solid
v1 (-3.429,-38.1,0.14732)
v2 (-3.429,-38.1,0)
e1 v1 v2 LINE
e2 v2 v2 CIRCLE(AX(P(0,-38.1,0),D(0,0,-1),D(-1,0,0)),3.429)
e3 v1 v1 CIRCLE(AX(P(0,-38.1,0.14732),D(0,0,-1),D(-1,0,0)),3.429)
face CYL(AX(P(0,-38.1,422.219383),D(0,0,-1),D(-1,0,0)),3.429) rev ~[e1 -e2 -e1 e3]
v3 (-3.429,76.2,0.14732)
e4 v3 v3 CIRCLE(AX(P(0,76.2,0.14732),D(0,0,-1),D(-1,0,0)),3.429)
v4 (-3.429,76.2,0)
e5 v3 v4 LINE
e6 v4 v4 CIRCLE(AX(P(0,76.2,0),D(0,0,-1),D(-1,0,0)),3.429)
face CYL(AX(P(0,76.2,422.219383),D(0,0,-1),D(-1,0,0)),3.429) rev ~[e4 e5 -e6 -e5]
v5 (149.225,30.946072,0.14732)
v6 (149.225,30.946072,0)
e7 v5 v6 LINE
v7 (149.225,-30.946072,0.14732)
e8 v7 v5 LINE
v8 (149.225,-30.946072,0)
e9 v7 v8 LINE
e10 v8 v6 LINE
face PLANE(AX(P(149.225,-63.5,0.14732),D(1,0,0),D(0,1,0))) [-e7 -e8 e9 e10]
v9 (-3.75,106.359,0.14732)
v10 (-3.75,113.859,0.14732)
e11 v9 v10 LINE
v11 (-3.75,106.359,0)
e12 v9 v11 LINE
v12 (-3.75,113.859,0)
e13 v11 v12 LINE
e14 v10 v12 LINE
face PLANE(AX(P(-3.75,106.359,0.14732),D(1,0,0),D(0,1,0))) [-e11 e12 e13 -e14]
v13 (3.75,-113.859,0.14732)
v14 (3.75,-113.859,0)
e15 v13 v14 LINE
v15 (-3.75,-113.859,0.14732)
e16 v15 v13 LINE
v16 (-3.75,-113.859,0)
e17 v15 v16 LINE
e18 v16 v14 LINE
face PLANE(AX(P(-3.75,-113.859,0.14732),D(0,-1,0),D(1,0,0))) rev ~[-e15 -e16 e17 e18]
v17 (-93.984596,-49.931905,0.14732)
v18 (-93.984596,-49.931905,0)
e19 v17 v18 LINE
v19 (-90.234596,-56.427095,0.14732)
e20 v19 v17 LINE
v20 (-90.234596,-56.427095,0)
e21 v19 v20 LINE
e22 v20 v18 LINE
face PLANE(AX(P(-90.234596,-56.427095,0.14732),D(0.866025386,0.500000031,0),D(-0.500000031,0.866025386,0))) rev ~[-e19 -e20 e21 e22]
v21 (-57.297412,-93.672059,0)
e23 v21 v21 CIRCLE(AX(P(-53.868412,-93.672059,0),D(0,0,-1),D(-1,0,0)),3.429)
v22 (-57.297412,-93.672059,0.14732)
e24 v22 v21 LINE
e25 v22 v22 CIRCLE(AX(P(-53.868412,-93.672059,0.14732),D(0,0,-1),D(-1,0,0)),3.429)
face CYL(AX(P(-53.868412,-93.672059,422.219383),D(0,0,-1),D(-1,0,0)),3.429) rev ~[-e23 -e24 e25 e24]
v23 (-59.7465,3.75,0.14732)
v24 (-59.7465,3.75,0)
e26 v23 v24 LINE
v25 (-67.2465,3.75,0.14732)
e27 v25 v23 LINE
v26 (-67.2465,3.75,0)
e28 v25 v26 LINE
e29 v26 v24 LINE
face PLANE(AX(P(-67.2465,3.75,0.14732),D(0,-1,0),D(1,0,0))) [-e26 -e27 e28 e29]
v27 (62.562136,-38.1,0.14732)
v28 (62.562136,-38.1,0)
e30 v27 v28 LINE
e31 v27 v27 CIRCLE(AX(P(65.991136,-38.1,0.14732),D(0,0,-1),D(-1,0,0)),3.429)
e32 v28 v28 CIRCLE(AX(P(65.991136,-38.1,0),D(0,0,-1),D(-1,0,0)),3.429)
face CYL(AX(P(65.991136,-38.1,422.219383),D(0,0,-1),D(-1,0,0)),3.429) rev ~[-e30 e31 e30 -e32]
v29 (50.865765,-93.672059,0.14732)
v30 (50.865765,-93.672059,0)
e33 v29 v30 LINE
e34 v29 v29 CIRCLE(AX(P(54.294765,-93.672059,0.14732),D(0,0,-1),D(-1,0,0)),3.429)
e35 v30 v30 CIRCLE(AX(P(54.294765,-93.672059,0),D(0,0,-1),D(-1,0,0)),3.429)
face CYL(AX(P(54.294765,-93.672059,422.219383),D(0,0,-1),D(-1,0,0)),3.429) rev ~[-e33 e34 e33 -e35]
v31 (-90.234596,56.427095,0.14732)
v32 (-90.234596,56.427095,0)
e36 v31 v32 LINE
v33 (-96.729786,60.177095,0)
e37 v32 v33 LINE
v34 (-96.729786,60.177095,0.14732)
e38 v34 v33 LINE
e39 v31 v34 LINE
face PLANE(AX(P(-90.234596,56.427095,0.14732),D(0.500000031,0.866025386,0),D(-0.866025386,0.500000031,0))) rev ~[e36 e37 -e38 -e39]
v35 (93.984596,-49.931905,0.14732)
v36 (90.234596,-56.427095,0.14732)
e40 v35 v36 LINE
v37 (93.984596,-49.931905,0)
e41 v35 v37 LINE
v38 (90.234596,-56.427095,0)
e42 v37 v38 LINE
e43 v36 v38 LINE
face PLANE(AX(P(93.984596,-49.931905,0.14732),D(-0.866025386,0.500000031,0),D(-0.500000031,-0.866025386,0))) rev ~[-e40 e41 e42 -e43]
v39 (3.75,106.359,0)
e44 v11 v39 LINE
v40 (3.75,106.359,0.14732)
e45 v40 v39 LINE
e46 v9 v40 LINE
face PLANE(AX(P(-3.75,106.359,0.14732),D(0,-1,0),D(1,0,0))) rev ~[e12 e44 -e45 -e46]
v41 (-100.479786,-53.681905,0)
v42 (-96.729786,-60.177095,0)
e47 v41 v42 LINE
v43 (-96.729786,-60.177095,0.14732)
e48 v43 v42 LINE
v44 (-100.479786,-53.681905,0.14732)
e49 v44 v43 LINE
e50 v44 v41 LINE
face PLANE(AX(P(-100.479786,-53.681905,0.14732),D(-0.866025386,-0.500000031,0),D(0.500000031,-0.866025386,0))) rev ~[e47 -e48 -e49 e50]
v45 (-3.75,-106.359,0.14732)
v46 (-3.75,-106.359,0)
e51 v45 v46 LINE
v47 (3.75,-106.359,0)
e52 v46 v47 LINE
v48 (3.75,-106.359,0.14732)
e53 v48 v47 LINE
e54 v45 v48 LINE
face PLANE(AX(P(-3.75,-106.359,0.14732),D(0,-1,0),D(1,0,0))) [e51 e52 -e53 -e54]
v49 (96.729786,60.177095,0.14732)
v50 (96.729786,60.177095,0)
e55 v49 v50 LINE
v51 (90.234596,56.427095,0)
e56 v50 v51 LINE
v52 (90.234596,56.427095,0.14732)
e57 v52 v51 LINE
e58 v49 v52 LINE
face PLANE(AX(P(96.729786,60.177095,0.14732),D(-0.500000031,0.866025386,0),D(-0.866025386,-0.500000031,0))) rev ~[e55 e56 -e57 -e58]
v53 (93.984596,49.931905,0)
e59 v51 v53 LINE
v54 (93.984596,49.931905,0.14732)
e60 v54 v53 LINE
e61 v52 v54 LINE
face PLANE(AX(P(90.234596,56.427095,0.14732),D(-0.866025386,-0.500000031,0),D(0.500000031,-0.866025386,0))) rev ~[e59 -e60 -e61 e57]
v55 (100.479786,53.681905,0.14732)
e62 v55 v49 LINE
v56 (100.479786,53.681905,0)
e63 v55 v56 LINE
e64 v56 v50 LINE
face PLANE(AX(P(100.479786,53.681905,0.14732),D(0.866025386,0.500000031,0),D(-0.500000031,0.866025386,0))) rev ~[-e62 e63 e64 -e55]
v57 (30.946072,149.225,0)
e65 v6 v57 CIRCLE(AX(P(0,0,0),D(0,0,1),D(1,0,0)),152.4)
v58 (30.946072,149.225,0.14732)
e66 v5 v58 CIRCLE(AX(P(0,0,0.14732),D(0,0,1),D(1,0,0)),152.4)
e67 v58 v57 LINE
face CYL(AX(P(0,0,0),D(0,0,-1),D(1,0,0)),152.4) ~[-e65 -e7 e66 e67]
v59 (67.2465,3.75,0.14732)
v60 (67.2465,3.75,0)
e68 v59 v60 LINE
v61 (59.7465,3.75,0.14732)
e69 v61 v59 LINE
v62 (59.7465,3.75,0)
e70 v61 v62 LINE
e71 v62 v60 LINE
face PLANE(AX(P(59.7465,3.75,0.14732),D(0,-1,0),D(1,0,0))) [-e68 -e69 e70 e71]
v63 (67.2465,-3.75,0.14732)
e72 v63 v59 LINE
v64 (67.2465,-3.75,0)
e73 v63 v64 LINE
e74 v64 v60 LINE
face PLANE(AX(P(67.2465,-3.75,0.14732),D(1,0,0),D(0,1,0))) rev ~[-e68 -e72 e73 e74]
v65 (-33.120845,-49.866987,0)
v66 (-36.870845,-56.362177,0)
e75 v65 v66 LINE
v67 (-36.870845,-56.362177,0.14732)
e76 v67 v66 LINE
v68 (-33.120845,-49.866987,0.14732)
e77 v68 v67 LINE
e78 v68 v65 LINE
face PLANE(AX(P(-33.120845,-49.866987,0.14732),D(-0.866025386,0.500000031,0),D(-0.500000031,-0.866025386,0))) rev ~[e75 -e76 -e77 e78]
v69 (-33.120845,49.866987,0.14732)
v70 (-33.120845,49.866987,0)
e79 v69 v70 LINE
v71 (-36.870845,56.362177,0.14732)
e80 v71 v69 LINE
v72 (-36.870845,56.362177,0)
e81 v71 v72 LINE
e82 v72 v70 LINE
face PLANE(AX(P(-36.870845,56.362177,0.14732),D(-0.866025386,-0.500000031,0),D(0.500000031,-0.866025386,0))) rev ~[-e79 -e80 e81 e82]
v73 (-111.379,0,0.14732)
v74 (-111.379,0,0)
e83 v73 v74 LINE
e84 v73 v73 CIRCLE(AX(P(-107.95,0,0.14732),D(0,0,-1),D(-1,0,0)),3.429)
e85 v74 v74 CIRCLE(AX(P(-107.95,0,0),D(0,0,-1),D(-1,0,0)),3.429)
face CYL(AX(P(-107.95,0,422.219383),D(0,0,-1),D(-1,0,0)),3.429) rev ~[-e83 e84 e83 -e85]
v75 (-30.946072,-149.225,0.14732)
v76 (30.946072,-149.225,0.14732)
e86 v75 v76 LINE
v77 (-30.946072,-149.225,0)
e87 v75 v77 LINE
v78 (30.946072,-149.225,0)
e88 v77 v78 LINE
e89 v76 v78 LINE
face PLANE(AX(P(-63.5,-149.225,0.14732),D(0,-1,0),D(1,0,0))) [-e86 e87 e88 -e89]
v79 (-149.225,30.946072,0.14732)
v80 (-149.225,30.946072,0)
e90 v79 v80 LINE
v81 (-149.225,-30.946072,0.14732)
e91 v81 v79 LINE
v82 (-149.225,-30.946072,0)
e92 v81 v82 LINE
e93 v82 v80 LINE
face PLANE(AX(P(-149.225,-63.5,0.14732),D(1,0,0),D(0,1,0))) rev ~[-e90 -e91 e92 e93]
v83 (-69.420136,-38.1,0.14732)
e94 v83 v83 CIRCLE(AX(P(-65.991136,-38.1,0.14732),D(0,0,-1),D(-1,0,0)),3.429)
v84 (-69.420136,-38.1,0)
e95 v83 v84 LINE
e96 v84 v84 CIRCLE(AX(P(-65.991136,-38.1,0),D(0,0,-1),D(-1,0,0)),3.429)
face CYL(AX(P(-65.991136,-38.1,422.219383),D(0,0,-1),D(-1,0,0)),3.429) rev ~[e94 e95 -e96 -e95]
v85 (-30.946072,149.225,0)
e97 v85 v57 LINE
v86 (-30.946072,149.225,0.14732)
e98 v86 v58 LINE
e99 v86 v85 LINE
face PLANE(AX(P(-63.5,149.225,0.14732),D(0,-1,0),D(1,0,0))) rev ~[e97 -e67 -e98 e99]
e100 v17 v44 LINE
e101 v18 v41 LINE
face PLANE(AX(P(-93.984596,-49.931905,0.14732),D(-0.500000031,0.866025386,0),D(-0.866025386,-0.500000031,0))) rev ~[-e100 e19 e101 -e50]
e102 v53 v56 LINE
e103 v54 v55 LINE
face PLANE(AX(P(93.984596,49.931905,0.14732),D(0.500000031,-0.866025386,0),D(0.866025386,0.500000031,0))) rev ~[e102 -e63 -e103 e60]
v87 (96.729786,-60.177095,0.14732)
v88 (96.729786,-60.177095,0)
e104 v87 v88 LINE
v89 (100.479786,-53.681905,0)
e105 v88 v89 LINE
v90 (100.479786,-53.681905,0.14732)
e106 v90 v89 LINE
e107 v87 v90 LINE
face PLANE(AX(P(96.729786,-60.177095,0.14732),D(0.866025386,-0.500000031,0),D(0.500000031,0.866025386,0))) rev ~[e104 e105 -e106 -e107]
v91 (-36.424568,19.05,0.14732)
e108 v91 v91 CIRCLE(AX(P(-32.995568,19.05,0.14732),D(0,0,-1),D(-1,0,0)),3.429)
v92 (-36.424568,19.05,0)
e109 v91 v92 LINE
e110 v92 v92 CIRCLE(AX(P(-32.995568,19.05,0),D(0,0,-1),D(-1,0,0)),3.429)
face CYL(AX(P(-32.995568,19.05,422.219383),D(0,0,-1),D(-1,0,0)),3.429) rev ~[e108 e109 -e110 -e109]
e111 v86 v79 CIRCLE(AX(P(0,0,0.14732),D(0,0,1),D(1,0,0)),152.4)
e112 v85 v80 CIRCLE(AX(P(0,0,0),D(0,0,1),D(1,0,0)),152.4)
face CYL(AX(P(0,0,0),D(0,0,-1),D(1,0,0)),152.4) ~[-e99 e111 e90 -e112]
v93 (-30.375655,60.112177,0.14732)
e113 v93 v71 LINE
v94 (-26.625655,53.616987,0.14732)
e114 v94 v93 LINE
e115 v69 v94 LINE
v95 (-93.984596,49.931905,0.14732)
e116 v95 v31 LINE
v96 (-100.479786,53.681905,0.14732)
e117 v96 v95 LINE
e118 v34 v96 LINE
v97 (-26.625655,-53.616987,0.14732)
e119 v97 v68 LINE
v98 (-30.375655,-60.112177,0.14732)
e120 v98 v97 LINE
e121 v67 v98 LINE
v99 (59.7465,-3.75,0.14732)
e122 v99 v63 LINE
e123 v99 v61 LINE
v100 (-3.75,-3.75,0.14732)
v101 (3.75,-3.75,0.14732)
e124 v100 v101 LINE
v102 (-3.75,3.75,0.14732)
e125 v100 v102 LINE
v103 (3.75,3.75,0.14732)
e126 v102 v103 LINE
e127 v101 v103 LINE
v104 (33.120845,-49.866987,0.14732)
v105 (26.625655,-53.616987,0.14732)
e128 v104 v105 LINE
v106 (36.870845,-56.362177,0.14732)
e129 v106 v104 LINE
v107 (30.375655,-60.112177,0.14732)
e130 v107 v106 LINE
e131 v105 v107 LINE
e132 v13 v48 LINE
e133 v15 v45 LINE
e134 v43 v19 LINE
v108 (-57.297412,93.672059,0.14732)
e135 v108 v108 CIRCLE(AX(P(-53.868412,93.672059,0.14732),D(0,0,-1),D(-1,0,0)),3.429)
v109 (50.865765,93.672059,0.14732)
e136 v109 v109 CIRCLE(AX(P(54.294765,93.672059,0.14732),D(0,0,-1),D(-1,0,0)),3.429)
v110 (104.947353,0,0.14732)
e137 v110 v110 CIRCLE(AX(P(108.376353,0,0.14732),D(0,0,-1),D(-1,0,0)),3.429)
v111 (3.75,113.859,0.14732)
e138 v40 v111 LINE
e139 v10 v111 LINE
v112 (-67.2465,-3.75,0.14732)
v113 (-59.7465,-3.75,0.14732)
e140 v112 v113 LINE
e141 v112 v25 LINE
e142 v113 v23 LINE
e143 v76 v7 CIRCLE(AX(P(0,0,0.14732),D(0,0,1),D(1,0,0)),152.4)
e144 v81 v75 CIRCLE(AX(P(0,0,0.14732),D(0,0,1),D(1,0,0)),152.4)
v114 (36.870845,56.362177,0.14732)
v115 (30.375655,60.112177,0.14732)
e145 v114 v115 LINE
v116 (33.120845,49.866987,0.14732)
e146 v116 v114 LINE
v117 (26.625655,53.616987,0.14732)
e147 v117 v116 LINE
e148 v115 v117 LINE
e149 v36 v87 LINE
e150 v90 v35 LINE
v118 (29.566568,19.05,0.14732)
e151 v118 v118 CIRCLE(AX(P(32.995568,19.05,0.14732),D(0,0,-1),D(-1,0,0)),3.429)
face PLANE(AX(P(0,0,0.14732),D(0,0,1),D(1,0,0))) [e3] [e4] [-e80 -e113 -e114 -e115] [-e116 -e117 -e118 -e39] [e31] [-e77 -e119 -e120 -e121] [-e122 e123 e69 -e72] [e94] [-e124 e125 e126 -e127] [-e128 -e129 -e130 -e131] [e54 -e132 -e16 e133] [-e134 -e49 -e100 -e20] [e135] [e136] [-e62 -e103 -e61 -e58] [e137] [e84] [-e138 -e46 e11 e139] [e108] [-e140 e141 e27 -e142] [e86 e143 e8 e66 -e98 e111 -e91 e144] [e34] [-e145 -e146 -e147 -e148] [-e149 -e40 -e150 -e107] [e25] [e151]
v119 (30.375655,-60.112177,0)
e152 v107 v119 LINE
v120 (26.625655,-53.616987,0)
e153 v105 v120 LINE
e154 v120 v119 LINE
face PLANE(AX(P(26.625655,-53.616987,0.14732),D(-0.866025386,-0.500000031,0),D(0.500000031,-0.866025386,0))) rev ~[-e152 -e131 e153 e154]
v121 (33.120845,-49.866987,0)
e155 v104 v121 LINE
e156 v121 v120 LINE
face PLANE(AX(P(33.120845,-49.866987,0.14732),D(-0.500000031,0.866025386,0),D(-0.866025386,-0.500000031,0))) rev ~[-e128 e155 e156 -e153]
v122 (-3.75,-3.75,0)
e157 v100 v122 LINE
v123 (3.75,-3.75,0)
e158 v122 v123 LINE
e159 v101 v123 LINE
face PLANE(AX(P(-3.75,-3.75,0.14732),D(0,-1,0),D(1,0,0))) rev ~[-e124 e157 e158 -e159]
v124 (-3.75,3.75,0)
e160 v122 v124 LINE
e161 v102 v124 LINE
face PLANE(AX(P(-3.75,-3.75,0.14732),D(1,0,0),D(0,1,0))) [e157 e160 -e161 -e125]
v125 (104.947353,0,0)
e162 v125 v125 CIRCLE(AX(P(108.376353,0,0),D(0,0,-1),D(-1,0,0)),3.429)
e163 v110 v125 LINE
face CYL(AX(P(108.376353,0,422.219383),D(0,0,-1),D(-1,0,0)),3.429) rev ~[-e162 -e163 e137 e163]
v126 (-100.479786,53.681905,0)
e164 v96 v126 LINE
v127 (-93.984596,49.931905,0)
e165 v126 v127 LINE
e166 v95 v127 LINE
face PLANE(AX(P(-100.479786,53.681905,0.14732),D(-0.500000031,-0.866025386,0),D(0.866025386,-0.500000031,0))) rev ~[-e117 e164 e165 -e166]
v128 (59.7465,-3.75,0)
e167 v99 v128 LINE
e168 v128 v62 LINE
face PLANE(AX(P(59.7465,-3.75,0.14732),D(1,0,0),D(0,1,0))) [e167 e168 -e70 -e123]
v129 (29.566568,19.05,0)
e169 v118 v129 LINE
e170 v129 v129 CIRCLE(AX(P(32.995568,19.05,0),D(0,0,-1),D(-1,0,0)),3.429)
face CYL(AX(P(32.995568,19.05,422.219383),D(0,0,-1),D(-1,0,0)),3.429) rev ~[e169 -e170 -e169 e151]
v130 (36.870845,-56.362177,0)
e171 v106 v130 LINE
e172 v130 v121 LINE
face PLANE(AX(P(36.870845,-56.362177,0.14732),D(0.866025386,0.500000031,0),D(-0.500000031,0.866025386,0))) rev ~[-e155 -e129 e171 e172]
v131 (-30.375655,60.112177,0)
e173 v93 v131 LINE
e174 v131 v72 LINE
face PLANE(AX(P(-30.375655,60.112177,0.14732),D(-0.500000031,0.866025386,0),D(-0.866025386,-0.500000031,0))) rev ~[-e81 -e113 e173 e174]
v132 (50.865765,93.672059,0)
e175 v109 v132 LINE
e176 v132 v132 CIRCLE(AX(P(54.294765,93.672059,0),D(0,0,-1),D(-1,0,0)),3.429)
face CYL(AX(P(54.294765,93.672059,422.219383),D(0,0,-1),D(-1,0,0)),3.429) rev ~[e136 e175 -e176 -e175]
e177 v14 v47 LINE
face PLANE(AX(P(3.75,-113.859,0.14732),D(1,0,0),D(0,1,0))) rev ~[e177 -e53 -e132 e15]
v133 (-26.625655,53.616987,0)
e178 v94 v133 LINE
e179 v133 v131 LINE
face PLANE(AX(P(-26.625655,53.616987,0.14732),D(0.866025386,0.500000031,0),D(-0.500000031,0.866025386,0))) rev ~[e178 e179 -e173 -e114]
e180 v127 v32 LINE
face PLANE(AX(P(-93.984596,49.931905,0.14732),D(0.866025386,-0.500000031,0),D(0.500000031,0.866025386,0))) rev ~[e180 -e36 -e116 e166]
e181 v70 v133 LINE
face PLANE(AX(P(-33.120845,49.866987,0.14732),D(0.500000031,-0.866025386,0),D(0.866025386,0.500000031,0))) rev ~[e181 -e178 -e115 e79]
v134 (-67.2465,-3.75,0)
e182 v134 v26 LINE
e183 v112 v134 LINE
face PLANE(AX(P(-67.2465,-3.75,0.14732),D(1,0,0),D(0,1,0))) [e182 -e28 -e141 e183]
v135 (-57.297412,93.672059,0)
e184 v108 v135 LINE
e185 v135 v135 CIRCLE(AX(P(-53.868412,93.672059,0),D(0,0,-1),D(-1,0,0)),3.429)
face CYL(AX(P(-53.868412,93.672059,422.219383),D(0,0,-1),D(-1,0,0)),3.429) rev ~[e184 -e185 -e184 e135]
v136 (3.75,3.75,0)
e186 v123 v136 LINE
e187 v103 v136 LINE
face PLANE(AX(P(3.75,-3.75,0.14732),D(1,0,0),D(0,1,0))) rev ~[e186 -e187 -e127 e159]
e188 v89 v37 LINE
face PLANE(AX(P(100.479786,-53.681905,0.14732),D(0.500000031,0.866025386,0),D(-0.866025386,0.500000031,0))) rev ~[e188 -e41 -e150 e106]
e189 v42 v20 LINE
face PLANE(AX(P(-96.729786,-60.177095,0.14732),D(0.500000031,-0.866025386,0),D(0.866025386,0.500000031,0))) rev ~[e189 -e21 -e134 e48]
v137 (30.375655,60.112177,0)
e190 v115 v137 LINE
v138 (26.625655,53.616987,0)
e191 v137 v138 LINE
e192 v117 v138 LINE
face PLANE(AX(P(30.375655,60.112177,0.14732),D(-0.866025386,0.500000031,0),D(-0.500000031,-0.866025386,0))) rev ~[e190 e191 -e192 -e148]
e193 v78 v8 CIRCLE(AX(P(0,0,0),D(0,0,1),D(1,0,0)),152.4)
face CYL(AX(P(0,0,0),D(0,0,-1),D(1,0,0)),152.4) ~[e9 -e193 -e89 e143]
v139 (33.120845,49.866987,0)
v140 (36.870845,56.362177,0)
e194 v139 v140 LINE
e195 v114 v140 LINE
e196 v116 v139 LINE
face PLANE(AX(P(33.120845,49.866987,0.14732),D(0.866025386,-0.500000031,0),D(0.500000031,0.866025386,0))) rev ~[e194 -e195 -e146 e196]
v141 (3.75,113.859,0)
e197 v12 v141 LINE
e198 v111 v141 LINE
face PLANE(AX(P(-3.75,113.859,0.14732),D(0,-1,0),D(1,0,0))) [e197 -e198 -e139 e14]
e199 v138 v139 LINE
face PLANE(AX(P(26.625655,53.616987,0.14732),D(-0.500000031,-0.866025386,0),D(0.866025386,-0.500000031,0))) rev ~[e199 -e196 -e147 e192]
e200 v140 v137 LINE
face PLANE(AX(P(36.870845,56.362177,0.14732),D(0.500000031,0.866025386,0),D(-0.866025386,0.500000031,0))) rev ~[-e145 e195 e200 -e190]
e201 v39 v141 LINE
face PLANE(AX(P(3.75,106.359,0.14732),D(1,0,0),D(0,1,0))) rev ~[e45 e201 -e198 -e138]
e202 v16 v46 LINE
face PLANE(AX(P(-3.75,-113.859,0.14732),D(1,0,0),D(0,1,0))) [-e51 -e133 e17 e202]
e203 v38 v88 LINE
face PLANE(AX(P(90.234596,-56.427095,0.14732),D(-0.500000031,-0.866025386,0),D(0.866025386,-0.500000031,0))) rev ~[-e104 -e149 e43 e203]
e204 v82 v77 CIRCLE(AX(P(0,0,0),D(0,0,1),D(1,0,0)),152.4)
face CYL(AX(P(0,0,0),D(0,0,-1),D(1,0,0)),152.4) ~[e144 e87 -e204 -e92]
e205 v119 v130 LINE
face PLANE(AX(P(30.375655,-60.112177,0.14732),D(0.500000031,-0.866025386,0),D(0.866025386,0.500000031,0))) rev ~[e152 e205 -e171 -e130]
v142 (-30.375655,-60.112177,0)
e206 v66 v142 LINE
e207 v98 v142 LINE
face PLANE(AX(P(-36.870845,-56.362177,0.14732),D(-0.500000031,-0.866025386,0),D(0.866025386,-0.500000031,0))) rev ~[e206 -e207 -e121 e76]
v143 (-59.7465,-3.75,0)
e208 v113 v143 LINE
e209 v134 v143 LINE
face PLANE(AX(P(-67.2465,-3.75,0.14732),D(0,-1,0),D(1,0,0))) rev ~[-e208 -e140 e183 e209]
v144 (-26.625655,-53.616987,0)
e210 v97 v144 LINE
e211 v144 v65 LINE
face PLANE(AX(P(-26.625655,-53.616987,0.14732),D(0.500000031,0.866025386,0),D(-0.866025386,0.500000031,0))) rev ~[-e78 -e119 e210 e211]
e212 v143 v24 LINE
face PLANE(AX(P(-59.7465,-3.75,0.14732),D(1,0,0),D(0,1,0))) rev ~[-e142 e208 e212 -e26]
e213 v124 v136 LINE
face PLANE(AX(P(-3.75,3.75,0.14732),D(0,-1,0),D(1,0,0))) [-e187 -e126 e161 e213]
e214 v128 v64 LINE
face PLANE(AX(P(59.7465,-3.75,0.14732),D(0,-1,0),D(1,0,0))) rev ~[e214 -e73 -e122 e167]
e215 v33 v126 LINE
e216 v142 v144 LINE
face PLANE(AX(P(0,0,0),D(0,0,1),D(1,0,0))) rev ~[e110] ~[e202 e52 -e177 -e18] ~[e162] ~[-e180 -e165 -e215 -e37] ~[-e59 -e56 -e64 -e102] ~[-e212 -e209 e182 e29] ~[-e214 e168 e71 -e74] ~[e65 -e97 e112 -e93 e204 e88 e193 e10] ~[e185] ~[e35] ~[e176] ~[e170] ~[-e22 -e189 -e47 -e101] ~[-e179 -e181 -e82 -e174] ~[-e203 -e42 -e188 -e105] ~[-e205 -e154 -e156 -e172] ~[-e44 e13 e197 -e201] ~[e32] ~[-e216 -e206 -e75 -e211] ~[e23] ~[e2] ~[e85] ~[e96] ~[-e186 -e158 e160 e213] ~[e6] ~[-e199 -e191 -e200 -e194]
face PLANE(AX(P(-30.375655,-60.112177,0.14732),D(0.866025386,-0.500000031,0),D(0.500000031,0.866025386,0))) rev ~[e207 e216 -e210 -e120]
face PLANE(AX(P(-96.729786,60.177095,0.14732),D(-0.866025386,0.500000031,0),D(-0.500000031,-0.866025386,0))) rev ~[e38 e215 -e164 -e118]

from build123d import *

# Parameters (mm, degrees)
F0_R     = 152.4
F1_DEPTH = 0.14732
F2_W     = 12.7
F2_H     = 127
F2_W_2   = 127
F2_H_2   = 12.7
F3_DEPTH = 25.4
F5_D     = 6.858
F6_W     = 7.5
F6_H     = 7.5
F7_DEPTH = 25.4


with BuildPart() as f1:
    # F0 (on Top) → F1 (new body)
    with BuildSketch(Plane.XY):
        Circle(F0_R)
    extrude(amount=F1_DEPTH)

    # F2 (on face) → F3 (cut)
    with BuildSketch(Plane.XY.offset(0.14732)):
        with Locations((-155.575, 0)):
            Rectangle(F2_W, F2_H)
        with Locations((0, -155.575)):
            Rectangle(F2_W_2, F2_H_2)
        with Locations((0, 155.575)):
            Rectangle(F2_W_2, F2_H_2)
        with Locations((155.575, 0)):
            Rectangle(F2_W, F2_H)
    extrude(amount=-F3_DEPTH, mode=Mode.SUBTRACT)

    # F5 (through all)
    with Locations(Plane.XY.offset(0.14732)):
        with Locations((-53.868412, -93.672059), (54.294765, -93.672059), (65.991136, -38.1), (0, -38.1), (-65.991136, -38.1), (-107.95, 0), (-32.995568, 19.05), (32.995568, 19.05), (108.376353, 0), (0, 76.2), (54.294765, 93.672059), (-53.868412, 93.672059)):
            Hole(F5_D / 2)

    # F6 (on face) → F7 (cut)
    with BuildSketch(Plane.XY.offset(0.14732)):
        Rectangle(F6_W, F6_H)
        with Locations((-63.4965, 0)):
            Rectangle(F6_W, F6_H)
        with Locations((0, 110.109)):
            Rectangle(F6_W, F6_H)
        Polygon((-36.870845, -56.362177), (-30.375655, -60.112177), (-26.625655, -53.616987), (-33.120845, -49.866987), align=None)
        Polygon((30.375655, -60.112177), (36.870845, -56.362177), (33.120845, -49.866987), (26.625655, -53.616987), align=None)
        with Locations((63.4965, 0)):
            Rectangle(F6_W, F6_H)
        Polygon((36.870845, 56.362177), (30.375655, 60.112177), (26.625655, 53.616987), (33.120845, 49.866987), align=None)
        Polygon((-30.375655, 60.112177), (-36.870845, 56.362177), (-33.120845, 49.866987), (-26.625655, 53.616987), align=None)
        Polygon((-100.479786, 53.681905), (-93.984596, 49.931905), (-90.234596, 56.427095), (-96.729786, 60.177095), align=None)
        Polygon((-96.729786, -60.177095), (-90.234596, -56.427095), (-93.984596, -49.931905), (-100.479786, -53.681905), align=None)
        with Locations((0, -110.109)):
            Rectangle(F6_W, F6_H)
        Polygon((100.479786, -53.681905), (93.984596, -49.931905), (90.234596, -56.427095), (96.729786, -60.177095), align=None)
        Polygon((96.729786, 60.177095), (90.234596, 56.427095), (93.984596, 49.931905), (100.479786, 53.681905), align=None)
    extrude(amount=-F7_DEPTH, mode=Mode.SUBTRACT)


solid = f1.part
